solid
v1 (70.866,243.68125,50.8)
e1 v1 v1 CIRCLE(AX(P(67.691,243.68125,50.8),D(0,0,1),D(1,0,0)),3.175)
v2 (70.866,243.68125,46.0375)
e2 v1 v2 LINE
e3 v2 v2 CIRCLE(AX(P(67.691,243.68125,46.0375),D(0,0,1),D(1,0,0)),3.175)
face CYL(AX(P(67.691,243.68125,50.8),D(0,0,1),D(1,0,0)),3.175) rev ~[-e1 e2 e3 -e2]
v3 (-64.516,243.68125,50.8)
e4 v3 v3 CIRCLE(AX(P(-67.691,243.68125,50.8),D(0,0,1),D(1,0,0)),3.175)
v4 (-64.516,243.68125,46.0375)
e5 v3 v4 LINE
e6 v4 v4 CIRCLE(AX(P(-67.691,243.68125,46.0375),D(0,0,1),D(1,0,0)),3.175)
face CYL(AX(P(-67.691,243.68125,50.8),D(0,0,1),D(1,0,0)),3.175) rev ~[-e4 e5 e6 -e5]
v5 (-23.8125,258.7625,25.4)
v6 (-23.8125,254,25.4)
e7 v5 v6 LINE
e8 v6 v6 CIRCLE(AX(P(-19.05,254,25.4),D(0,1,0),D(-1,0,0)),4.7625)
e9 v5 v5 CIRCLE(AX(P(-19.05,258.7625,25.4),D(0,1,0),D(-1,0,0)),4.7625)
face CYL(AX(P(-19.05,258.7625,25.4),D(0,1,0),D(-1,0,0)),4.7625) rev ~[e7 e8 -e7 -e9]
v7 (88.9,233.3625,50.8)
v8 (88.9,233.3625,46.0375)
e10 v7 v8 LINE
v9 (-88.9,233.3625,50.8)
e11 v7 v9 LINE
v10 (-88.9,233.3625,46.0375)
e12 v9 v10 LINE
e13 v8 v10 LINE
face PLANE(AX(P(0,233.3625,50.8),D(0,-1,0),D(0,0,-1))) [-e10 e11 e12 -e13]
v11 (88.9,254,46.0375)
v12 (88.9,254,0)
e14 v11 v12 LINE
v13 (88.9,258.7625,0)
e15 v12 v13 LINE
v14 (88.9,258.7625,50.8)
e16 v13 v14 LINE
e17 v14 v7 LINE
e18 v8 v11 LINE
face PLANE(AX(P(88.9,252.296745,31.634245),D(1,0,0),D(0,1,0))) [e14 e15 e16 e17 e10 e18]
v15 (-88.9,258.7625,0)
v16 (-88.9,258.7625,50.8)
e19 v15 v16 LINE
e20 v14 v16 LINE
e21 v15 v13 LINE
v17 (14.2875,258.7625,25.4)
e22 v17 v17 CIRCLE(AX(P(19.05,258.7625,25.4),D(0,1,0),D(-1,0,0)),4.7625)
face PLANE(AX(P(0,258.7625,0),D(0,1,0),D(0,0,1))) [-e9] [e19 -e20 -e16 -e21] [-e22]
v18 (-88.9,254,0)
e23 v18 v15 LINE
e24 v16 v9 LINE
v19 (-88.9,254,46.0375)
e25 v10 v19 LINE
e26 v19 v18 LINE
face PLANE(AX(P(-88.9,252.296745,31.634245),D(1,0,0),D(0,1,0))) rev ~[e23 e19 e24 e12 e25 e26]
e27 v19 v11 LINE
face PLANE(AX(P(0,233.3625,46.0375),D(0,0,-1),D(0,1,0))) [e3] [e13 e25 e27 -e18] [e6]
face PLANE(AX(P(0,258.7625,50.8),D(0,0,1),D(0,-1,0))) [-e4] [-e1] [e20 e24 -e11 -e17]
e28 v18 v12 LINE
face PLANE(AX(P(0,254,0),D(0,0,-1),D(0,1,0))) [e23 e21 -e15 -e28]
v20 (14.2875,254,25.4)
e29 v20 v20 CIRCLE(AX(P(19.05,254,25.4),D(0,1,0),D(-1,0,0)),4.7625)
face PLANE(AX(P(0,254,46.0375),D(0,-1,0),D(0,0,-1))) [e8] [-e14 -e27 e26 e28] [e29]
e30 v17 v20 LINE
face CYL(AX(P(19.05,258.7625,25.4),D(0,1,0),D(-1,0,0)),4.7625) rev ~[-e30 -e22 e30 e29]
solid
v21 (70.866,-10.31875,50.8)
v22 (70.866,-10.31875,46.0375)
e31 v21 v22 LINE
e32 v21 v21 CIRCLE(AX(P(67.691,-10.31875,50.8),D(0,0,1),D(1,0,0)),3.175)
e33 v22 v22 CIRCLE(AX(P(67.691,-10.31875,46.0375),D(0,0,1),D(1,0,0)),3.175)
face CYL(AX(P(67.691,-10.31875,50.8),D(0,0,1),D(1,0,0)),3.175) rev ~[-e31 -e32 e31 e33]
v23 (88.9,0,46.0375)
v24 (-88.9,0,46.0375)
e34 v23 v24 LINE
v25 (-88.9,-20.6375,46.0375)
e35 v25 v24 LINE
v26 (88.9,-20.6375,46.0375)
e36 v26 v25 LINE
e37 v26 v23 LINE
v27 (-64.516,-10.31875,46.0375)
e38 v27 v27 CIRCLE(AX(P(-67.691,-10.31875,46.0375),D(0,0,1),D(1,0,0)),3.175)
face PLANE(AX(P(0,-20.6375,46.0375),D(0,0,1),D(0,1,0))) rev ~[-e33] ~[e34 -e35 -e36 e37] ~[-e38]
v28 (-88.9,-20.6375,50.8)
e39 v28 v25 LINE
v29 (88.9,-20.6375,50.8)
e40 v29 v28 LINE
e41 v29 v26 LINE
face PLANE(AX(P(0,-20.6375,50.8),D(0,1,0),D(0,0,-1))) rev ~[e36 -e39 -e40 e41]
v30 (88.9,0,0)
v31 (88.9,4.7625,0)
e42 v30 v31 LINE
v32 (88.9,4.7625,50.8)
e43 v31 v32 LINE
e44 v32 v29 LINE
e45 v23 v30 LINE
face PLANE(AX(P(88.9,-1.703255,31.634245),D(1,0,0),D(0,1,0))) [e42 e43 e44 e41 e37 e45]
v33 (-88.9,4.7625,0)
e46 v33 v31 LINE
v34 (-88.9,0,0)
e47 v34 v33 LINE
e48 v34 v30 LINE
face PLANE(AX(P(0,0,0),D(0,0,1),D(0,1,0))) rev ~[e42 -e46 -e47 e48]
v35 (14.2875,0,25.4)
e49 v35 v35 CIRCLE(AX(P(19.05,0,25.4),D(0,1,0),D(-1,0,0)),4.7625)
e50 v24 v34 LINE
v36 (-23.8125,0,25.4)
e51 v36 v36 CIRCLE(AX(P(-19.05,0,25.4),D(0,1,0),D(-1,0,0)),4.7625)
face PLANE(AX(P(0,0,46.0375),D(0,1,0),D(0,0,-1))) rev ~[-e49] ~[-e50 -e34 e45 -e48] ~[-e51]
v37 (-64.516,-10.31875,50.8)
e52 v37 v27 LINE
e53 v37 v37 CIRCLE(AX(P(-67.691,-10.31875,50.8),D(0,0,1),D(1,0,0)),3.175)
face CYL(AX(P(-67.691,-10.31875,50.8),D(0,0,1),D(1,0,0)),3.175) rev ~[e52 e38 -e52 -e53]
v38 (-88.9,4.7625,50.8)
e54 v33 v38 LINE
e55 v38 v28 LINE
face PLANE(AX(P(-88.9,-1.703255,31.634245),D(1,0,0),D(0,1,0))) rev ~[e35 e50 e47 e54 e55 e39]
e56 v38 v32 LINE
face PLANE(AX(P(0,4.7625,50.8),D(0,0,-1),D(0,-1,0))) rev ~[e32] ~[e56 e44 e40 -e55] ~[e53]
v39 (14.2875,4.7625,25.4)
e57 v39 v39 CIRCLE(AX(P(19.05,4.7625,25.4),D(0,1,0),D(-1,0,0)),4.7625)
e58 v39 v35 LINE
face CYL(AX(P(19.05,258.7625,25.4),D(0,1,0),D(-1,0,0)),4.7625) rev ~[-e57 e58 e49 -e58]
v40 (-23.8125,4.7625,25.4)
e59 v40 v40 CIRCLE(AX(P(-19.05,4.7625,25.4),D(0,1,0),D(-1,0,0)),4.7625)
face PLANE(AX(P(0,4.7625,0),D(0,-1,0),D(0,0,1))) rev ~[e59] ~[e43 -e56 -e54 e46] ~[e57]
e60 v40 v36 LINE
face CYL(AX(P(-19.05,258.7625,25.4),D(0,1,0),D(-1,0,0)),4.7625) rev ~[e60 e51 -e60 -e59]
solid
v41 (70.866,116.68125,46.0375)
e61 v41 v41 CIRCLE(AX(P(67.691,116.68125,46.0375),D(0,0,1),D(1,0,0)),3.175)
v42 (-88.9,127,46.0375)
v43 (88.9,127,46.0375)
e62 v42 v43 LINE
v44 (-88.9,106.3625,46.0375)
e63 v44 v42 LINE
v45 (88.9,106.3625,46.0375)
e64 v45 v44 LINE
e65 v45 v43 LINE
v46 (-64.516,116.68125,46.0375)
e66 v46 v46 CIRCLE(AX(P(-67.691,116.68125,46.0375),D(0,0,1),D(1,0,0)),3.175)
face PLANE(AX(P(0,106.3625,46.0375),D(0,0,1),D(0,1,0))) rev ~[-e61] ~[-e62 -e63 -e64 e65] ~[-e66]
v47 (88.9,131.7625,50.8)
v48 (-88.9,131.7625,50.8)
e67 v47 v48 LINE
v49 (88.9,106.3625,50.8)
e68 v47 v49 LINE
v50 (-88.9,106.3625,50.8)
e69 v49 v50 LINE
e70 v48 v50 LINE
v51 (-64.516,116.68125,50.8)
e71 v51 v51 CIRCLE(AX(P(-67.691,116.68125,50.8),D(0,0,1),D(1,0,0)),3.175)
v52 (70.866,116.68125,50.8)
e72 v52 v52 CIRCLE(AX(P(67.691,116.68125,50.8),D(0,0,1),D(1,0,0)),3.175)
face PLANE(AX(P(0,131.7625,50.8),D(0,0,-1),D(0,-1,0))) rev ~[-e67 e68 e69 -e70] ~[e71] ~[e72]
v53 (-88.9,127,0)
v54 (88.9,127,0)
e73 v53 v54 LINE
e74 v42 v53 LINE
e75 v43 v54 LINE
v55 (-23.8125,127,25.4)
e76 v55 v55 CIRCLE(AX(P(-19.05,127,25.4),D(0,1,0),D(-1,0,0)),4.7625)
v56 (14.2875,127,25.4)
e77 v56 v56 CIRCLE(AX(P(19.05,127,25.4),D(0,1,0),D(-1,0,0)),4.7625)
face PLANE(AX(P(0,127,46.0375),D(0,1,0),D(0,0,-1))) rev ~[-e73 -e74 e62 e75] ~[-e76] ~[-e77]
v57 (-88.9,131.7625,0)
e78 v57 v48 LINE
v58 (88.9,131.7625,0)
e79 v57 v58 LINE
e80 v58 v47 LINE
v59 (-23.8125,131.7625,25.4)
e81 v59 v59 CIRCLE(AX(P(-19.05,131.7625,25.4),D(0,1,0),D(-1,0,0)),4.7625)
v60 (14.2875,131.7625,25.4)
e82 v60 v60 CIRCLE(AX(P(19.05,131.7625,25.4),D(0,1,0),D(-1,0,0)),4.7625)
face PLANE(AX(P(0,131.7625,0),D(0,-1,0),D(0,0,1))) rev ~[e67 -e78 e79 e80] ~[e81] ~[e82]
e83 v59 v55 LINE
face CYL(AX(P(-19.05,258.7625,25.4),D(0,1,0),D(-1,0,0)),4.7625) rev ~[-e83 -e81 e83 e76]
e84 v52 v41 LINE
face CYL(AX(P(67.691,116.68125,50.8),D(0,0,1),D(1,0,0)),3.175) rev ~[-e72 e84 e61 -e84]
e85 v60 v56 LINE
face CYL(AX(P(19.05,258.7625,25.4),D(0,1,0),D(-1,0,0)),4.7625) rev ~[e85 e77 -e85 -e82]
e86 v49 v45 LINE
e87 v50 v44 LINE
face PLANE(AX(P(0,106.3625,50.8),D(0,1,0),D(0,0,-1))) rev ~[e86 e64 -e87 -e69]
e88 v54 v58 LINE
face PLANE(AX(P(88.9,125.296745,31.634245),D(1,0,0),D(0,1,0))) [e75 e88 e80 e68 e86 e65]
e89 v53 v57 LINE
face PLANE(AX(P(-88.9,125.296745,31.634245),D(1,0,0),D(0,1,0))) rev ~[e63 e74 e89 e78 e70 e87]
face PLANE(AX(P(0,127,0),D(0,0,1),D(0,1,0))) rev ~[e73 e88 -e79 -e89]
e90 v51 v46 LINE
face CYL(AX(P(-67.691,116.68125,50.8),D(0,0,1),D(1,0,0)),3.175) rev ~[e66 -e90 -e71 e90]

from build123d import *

# Parameters (mm, degrees)
F1_DEPTH = 88.9
F2_R     = 4.7625
F3_DEPTH = 279.401
F4_R     = 3.175
F5_DEPTH = 50.801


with BuildPart() as f1:
    # F0 (on Right) → F1 (new body, symmetric)
    with BuildSketch(Plane.YZ):
        Polygon((0, 46.0375), (0, 0), (4.7625, 0), (4.7625, 50.8), (-20.6375, 50.8), (-20.6375, 46.0375), align=None)
        Polygon((106.3625, 46.0375), (127, 46.0375), (127, 0), (131.7625, 0), (131.7625, 50.8), (106.3625, 50.8), align=None)
        Polygon((233.3625, 46.0375), (254, 46.0375), (254, 0), (258.7625, 0), (258.7625, 50.8), (233.3625, 50.8), align=None)
    extrude(amount=F1_DEPTH, both=True)

    # F2 (on face) → F3 (cut, through all)
    with BuildSketch(Plane(origin=(0, 258.7625, 0), x_dir=(-1, 0, 0), z_dir=(0, 1, 0))):
        with Locations((-19.05, 25.4)):
            Circle(F2_R)
        with Locations((19.05, 25.4)):
            Circle(F2_R)
    extrude(amount=-F3_DEPTH, mode=Mode.SUBTRACT)

    # F4 (on face) → F5 (cut, through all)
    with BuildSketch(Plane.XY.offset(50.8)):
        with Locations((-67.691, 243.68125)):
            Circle(F4_R)
        with Locations((-67.691, 116.68125)):
            Circle(F4_R)
        with Locations((-67.691, -10.31875)):
            Circle(F4_R)
        with Locations((67.691, 243.68125)):
            Circle(F4_R)
        with Locations((67.691, 116.68125)):
            Circle(F4_R)
        with Locations((67.691, -10.31875)):
            Circle(F4_R)
    extrude(amount=-F5_DEPTH, mode=Mode.SUBTRACT)


solid = f1.part
